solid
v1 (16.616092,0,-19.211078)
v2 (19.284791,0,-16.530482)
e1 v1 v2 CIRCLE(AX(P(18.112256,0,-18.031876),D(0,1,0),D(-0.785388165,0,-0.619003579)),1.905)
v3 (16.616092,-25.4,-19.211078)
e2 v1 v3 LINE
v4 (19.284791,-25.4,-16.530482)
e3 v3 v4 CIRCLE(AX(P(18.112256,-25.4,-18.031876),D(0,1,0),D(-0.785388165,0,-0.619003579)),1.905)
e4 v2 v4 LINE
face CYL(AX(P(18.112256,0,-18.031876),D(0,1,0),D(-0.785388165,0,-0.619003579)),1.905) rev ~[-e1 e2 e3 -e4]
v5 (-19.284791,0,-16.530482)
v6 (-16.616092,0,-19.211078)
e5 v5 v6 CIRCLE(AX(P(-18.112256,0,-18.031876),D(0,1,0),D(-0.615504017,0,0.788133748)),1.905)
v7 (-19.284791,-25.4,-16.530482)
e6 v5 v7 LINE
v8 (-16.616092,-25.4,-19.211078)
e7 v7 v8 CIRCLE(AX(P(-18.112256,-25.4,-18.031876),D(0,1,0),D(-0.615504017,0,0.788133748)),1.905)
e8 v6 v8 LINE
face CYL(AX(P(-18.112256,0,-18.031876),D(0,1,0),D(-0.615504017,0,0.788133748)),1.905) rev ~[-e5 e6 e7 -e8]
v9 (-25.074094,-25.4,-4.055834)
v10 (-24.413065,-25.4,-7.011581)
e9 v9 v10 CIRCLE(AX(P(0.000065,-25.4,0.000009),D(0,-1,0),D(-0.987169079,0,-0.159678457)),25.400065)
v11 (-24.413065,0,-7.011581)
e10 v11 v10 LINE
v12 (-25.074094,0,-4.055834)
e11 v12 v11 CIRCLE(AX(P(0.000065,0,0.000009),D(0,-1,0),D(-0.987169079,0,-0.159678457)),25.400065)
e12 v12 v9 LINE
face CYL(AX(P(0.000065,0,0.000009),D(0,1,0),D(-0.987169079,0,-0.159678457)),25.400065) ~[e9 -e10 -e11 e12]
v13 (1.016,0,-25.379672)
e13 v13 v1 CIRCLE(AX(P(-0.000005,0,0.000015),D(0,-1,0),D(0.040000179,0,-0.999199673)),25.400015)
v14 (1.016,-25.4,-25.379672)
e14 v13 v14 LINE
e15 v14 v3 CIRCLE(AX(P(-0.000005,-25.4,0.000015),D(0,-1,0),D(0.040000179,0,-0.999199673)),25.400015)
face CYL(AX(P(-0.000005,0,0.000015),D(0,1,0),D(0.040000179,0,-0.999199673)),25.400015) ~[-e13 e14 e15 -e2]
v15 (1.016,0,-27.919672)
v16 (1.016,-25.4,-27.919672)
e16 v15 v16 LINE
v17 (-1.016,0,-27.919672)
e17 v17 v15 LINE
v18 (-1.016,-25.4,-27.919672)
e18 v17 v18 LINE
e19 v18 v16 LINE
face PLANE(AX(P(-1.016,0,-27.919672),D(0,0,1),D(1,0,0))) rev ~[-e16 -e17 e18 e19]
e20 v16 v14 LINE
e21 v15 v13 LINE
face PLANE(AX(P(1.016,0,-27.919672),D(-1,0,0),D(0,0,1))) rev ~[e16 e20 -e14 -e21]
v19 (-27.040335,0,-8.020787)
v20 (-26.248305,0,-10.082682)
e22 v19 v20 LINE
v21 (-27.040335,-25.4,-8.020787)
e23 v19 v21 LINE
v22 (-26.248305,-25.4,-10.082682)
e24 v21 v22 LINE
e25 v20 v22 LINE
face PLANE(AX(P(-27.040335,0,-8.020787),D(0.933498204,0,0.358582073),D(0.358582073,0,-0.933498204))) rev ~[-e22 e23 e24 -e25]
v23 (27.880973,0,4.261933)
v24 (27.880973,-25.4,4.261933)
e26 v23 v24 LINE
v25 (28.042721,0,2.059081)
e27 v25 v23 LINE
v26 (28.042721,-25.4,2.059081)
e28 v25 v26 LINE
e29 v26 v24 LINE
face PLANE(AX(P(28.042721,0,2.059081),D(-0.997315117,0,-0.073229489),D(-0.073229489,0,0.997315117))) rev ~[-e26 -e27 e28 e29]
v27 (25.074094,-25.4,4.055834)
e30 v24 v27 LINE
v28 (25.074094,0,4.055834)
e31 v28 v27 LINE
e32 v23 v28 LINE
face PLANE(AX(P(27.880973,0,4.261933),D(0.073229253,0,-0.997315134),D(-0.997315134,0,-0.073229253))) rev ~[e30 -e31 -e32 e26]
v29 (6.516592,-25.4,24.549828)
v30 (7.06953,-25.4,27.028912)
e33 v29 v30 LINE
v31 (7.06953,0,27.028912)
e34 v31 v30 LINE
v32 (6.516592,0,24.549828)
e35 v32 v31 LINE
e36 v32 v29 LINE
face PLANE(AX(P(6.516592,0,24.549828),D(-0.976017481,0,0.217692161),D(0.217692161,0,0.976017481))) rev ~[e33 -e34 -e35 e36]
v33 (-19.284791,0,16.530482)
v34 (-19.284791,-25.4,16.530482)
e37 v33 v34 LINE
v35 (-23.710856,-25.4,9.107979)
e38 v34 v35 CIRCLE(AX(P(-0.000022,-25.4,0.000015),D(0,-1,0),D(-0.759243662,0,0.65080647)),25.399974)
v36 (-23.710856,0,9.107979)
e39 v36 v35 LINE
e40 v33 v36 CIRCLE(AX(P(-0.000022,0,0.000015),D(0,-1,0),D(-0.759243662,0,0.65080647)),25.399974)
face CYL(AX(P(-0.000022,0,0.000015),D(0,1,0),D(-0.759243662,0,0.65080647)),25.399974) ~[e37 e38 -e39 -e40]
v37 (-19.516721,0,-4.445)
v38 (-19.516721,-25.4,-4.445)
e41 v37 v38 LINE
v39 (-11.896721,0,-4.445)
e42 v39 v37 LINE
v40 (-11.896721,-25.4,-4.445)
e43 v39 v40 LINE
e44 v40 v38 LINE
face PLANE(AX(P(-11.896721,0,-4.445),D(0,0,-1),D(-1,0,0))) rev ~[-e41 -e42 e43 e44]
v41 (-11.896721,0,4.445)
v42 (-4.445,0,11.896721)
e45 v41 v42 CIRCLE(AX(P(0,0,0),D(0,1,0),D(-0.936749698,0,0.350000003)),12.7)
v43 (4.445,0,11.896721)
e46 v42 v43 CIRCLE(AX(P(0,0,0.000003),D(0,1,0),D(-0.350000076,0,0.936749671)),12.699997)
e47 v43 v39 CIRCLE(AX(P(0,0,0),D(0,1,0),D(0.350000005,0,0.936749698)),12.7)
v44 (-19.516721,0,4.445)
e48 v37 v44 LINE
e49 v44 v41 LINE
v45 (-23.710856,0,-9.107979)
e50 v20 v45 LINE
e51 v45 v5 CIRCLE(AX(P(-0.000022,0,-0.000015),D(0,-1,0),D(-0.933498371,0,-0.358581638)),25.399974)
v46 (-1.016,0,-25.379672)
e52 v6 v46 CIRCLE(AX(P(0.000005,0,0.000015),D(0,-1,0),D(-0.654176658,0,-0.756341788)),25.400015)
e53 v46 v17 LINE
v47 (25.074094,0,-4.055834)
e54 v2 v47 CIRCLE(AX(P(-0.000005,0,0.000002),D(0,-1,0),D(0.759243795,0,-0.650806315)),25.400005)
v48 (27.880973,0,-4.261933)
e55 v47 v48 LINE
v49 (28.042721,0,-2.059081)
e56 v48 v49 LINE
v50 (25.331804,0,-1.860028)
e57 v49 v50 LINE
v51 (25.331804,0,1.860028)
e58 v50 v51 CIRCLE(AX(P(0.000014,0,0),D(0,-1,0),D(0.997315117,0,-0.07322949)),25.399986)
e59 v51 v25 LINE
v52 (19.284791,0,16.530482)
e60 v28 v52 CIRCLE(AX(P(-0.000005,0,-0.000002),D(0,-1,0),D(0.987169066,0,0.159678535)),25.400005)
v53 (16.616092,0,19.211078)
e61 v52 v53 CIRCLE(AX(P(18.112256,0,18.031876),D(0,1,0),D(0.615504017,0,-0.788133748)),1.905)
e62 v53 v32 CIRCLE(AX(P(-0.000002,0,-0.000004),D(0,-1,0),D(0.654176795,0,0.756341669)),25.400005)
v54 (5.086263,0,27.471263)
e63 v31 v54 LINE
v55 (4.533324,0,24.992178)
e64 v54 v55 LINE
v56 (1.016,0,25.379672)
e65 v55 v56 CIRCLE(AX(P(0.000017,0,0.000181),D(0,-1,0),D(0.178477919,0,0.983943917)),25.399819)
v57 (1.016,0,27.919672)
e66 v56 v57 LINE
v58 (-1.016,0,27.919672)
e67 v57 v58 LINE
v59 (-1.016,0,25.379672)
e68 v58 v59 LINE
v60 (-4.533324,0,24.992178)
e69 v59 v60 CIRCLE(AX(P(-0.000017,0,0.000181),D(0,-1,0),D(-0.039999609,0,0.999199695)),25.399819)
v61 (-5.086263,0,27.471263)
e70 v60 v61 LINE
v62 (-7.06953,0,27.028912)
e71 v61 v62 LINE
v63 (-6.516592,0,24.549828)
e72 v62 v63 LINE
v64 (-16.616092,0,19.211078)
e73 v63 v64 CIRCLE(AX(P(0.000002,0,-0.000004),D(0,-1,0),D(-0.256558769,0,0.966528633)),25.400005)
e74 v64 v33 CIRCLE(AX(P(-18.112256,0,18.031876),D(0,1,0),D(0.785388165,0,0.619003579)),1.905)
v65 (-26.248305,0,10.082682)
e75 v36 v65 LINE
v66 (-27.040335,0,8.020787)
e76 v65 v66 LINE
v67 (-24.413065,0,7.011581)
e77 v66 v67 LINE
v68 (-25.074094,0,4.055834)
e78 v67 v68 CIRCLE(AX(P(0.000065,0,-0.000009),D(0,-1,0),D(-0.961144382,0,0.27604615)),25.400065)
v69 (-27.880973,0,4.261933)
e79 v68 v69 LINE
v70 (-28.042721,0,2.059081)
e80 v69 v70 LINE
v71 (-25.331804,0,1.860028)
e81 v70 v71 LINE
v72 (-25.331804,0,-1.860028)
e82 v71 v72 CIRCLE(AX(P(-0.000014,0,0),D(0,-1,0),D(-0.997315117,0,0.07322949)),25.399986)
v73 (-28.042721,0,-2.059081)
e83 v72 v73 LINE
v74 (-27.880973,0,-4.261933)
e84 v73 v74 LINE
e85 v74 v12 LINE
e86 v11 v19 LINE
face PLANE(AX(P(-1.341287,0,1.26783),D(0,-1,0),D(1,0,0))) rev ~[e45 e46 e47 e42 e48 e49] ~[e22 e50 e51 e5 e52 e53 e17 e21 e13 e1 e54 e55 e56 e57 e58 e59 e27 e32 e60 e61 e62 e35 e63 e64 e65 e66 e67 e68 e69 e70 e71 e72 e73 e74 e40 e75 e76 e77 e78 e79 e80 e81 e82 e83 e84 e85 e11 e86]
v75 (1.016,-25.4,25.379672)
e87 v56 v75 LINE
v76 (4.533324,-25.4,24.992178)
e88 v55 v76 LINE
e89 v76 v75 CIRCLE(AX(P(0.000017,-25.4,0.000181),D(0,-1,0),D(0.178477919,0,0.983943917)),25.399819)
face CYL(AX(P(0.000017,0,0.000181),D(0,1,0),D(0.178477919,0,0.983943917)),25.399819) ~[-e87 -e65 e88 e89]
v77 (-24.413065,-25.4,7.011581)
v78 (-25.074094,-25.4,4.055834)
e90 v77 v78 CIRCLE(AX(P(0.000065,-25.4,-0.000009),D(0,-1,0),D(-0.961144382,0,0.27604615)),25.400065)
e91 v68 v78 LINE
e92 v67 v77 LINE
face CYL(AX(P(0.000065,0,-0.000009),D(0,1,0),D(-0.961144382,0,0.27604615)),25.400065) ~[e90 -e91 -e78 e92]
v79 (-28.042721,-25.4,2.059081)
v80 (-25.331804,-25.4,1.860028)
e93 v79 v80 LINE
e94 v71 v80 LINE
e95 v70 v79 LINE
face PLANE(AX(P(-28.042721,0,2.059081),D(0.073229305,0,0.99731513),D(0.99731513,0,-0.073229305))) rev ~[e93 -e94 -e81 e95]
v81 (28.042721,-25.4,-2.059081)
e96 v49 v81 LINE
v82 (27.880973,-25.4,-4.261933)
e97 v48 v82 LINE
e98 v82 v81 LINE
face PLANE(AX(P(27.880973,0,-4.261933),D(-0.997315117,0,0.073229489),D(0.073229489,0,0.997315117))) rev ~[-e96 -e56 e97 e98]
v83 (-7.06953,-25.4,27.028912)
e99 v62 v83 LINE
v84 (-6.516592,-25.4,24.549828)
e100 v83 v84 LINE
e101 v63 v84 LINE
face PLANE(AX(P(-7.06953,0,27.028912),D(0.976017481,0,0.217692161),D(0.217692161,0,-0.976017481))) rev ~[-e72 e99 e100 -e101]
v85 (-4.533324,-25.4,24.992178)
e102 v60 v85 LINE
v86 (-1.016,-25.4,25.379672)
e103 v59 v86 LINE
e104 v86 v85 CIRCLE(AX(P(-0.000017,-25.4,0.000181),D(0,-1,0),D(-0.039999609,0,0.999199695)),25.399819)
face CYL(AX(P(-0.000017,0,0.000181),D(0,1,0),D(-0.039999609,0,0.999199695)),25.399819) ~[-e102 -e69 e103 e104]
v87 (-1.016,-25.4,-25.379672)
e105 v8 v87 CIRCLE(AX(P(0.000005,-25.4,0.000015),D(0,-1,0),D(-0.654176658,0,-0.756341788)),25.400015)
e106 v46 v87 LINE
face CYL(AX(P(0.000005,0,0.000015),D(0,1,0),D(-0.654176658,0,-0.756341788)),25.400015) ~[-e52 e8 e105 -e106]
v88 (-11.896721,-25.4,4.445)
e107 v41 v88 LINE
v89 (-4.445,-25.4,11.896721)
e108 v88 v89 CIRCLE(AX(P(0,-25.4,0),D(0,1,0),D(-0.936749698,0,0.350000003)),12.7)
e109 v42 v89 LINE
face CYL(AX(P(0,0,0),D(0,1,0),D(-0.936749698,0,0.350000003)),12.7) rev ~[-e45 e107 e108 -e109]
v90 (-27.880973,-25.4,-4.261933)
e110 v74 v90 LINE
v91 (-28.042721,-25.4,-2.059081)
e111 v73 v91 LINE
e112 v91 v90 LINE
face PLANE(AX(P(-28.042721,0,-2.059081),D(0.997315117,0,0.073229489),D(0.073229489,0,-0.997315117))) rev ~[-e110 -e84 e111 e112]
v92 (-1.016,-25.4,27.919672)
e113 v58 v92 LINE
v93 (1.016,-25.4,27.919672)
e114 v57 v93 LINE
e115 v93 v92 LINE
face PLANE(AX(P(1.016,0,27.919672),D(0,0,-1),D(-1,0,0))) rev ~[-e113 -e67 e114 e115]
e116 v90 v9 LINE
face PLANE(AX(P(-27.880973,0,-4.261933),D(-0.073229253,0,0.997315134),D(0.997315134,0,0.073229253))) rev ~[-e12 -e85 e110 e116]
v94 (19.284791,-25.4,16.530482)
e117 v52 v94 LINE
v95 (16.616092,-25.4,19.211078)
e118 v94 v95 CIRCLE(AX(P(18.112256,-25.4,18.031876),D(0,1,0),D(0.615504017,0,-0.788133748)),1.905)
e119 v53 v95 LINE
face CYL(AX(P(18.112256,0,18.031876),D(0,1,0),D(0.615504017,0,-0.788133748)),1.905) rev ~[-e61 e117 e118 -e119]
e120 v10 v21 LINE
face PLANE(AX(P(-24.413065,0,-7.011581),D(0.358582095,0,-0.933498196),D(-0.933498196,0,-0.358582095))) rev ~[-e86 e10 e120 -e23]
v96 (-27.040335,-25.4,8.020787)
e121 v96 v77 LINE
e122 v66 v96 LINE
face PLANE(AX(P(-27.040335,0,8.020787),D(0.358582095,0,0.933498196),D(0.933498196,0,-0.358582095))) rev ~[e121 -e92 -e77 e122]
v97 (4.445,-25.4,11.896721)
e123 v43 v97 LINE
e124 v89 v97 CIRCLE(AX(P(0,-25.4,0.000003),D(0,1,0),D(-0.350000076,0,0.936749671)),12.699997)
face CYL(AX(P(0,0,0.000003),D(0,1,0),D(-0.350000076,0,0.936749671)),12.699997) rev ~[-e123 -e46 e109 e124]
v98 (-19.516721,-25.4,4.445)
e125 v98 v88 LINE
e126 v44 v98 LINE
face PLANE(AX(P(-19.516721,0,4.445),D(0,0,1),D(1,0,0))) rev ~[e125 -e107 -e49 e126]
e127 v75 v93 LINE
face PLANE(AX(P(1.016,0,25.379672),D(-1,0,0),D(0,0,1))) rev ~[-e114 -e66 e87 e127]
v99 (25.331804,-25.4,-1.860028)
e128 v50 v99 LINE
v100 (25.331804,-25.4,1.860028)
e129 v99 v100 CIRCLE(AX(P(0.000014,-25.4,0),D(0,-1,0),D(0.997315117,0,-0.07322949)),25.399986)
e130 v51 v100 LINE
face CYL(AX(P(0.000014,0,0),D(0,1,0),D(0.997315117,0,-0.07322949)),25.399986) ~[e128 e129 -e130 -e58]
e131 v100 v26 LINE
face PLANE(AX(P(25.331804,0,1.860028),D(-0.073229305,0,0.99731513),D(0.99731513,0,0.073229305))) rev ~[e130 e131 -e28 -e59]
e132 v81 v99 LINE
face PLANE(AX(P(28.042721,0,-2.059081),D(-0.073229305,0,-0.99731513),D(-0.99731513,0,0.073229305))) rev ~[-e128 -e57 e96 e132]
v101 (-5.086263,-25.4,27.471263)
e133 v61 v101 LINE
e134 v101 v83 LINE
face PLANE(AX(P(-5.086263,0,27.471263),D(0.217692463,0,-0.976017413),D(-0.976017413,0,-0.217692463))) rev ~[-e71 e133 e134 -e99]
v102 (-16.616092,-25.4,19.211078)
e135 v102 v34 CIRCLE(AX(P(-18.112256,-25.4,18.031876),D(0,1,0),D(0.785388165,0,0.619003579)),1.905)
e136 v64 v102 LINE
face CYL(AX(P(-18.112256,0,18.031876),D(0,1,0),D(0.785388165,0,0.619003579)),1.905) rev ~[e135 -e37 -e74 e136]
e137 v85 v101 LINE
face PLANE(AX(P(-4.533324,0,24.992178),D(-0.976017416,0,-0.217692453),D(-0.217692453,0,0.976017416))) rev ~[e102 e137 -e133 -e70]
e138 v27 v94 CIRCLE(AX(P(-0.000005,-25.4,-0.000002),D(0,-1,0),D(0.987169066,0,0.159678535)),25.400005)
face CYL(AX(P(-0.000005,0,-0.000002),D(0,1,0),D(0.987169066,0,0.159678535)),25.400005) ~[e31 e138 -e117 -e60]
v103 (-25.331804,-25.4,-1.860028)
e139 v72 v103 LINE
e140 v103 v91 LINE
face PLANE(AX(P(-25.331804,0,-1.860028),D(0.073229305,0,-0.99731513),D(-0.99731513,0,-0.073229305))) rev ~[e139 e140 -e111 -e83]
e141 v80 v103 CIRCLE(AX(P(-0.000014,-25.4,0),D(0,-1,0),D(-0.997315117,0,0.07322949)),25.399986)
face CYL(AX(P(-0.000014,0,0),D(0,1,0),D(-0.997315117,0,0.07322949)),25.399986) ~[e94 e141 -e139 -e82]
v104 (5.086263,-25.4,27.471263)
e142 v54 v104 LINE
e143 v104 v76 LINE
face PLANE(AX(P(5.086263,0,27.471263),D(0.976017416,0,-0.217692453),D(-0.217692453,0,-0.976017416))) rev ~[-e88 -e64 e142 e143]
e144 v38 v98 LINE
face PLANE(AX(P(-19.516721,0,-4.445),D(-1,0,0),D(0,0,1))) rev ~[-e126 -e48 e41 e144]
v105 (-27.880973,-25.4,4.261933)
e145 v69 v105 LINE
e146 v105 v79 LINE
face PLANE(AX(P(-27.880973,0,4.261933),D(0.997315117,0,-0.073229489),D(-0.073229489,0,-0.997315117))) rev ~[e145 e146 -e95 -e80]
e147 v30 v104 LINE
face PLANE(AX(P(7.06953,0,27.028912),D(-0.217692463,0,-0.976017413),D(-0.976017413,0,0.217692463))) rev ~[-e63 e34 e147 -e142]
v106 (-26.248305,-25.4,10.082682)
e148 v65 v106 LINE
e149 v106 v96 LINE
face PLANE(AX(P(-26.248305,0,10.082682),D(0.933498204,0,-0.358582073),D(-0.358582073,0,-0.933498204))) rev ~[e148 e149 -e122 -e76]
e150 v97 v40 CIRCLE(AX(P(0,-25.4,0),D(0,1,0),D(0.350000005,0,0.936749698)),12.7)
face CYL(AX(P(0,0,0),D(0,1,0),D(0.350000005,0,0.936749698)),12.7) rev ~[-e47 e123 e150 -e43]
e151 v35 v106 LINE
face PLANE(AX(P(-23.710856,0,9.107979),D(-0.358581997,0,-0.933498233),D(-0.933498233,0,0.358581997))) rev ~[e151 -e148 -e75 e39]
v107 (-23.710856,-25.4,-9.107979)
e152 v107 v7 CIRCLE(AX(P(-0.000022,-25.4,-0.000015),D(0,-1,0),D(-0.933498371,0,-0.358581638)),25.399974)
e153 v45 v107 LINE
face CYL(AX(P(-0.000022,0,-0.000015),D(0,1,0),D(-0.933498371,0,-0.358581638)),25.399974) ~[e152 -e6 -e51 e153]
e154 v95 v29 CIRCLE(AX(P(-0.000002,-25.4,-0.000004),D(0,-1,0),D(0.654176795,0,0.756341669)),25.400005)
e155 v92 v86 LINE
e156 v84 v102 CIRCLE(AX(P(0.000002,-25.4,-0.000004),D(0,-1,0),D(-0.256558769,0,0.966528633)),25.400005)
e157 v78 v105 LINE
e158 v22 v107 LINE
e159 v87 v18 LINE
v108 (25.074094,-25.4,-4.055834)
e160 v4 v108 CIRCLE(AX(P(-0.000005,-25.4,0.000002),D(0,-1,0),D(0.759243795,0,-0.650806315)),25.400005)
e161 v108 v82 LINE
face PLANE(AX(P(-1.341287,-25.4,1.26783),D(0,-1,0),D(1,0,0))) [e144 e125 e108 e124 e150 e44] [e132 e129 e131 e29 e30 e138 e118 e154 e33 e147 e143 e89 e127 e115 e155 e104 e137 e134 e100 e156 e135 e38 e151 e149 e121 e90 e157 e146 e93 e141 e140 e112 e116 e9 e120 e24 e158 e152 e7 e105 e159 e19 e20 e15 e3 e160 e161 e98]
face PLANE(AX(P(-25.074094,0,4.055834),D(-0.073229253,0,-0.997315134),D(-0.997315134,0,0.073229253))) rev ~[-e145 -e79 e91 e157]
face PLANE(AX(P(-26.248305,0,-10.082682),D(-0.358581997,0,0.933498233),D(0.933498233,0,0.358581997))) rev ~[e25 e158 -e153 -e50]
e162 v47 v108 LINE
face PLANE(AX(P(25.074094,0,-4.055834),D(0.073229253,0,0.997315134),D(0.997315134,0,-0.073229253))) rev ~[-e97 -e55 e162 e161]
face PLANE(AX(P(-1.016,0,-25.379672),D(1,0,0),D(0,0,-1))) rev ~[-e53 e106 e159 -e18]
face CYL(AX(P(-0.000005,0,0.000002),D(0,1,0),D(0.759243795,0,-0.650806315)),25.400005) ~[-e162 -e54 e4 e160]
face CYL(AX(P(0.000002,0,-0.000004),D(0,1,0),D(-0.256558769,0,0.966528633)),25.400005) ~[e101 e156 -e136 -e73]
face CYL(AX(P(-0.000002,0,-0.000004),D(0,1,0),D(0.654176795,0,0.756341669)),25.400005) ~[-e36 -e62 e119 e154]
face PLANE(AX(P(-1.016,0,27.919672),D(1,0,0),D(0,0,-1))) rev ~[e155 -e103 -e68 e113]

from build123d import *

# Parameters (mm, degrees)
F1_DEPTH = 25.4


with BuildPart() as f1:
    # F0 (on Front) → F1 (new body)
    with BuildSketch(Plane.XZ):
        with BuildLine():
            ThreePointArc((19.284791, 16.530482), (16.762226, 16.687837), (16.616092, 19.211078))
            ThreePointArc((16.616092, 19.211078), (11.870376, 22.455605), (6.516592, 24.549828))
            Line((6.516592, 24.549828), (7.06953, 27.028912))
            Line((7.06953, 27.028912), (5.086263, 27.471263))
            Line((5.086263, 27.471263), (4.533324, 24.992178))
            ThreePointArc((4.533324, 24.992178), (2.781418, 25.247252), (1.016, 25.379672))
            Line((1.016, 25.379672), (1.016, 27.919672))
            Line((1.016, 27.919672), (-1.016, 27.919672))
            Line((-1.016, 27.919672), (-1.016, 25.379672))
            ThreePointArc((-1.016, 25.379672), (-2.781418, 25.247252), (-4.533324, 24.992178))
            Line((-4.533324, 24.992178), (-5.086263, 27.471263))
            Line((-5.086263, 27.471263), (-7.06953, 27.028912))
            Line((-7.06953, 27.028912), (-6.516592, 24.549828))
            ThreePointArc((-6.516592, 24.549828), (-11.870376, 22.455605), (-16.616092, 19.211078))
            ThreePointArc((-16.616092, 19.211078), (-16.762226, 16.687837), (-19.284791, 16.530482))
            ThreePointArc((-19.284791, 16.530482), (-21.815816, 13.00885), (-23.710856, 9.107979))
            Line((-23.710856, 9.107979), (-26.248305, 10.082682))
            Line((-26.248305, 10.082682), (-27.040335, 8.020787))
            Line((-27.040335, 8.020787), (-24.413065, 7.011581))
            ThreePointArc((-24.413065, 7.011581), (-24.787675, 5.543569), (-25.074094, 4.055834))
            Line((-25.074094, 4.055834), (-27.880973, 4.261933))
            Line((-27.880973, 4.261933), (-28.042721, 2.059081))
            Line((-28.042721, 2.059081), (-25.331804, 1.860028))
            ThreePointArc((-25.331804, 1.860028), (-25.4, 0), (-25.331804, -1.860028))
            Line((-25.331804, -1.860028), (-28.042721, -2.059081))
            Line((-28.042721, -2.059081), (-27.880973, -4.261933))
            Line((-27.880973, -4.261933), (-25.074094, -4.055834))
            ThreePointArc((-25.074094, -4.055834), (-24.787675, -5.543569), (-24.413065, -7.011581))
            Line((-24.413065, -7.011581), (-27.040335, -8.020787))
            Line((-27.040335, -8.020787), (-26.248305, -10.082682))
            Line((-26.248305, -10.082682), (-23.710856, -9.107979))
            ThreePointArc((-23.710856, -9.107979), (-21.815816, -13.00885), (-19.284791, -16.530482))
            ThreePointArc((-19.284791, -16.530482), (-16.762226, -16.687837), (-16.616092, -19.211078))
            ThreePointArc((-16.616092, -19.211078), (-9.339997, -23.620424), (-1.016, -25.379672))
            Line((-1.016, -25.379672), (-1.016, -27.919672))
            Line((-1.016, -27.919672), (1.016, -27.919672))
            Line((1.016, -27.919672), (1.016, -25.379672))
            ThreePointArc((1.016, -25.379672), (9.339997, -23.620424), (16.616092, -19.211078))
            ThreePointArc((16.616092, -19.211078), (16.762226, -16.687837), (19.284791, -16.530482))
            ThreePointArc((19.284791, -16.530482), (23.039789, -10.692432), (25.074094, -4.055834))
            Line((25.074094, -4.055834), (27.880973, -4.261933))
            Line((27.880973, -4.261933), (28.042721, -2.059081))
            Line((28.042721, -2.059081), (25.331804, -1.860028))
            ThreePointArc((25.331804, -1.860028), (25.4, 0), (25.331804, 1.860028))
            Line((25.331804, 1.860028), (28.042721, 2.059081))
            Line((28.042721, 2.059081), (27.880973, 4.261933))
            Line((27.880973, 4.261933), (25.074094, 4.055834))
            ThreePointArc((25.074094, 4.055834), (23.039789, 10.692432), (19.284791, 16.530482))
        make_face()
        with BuildLine():
            ThreePointArc((-11.896721, 4.445), (-8.980256, 8.980256), (-4.445, 11.896721))
            ThreePointArc((-4.445, 11.896721), (0, 12.7), (4.445, 11.896721))
            ThreePointArc((4.445, 11.896721), (8.980256, -8.980256), (-11.896721, -4.445))
            Line((-11.896721, -4.445), (-19.516721, -4.445))
            Line((-19.516721, -4.445), (-19.516721, 4.445))
            Line((-19.516721, 4.445), (-11.896721, 4.445))
        make_face(mode=Mode.SUBTRACT)
    extrude(amount=F1_DEPTH)


solid = f1.part
